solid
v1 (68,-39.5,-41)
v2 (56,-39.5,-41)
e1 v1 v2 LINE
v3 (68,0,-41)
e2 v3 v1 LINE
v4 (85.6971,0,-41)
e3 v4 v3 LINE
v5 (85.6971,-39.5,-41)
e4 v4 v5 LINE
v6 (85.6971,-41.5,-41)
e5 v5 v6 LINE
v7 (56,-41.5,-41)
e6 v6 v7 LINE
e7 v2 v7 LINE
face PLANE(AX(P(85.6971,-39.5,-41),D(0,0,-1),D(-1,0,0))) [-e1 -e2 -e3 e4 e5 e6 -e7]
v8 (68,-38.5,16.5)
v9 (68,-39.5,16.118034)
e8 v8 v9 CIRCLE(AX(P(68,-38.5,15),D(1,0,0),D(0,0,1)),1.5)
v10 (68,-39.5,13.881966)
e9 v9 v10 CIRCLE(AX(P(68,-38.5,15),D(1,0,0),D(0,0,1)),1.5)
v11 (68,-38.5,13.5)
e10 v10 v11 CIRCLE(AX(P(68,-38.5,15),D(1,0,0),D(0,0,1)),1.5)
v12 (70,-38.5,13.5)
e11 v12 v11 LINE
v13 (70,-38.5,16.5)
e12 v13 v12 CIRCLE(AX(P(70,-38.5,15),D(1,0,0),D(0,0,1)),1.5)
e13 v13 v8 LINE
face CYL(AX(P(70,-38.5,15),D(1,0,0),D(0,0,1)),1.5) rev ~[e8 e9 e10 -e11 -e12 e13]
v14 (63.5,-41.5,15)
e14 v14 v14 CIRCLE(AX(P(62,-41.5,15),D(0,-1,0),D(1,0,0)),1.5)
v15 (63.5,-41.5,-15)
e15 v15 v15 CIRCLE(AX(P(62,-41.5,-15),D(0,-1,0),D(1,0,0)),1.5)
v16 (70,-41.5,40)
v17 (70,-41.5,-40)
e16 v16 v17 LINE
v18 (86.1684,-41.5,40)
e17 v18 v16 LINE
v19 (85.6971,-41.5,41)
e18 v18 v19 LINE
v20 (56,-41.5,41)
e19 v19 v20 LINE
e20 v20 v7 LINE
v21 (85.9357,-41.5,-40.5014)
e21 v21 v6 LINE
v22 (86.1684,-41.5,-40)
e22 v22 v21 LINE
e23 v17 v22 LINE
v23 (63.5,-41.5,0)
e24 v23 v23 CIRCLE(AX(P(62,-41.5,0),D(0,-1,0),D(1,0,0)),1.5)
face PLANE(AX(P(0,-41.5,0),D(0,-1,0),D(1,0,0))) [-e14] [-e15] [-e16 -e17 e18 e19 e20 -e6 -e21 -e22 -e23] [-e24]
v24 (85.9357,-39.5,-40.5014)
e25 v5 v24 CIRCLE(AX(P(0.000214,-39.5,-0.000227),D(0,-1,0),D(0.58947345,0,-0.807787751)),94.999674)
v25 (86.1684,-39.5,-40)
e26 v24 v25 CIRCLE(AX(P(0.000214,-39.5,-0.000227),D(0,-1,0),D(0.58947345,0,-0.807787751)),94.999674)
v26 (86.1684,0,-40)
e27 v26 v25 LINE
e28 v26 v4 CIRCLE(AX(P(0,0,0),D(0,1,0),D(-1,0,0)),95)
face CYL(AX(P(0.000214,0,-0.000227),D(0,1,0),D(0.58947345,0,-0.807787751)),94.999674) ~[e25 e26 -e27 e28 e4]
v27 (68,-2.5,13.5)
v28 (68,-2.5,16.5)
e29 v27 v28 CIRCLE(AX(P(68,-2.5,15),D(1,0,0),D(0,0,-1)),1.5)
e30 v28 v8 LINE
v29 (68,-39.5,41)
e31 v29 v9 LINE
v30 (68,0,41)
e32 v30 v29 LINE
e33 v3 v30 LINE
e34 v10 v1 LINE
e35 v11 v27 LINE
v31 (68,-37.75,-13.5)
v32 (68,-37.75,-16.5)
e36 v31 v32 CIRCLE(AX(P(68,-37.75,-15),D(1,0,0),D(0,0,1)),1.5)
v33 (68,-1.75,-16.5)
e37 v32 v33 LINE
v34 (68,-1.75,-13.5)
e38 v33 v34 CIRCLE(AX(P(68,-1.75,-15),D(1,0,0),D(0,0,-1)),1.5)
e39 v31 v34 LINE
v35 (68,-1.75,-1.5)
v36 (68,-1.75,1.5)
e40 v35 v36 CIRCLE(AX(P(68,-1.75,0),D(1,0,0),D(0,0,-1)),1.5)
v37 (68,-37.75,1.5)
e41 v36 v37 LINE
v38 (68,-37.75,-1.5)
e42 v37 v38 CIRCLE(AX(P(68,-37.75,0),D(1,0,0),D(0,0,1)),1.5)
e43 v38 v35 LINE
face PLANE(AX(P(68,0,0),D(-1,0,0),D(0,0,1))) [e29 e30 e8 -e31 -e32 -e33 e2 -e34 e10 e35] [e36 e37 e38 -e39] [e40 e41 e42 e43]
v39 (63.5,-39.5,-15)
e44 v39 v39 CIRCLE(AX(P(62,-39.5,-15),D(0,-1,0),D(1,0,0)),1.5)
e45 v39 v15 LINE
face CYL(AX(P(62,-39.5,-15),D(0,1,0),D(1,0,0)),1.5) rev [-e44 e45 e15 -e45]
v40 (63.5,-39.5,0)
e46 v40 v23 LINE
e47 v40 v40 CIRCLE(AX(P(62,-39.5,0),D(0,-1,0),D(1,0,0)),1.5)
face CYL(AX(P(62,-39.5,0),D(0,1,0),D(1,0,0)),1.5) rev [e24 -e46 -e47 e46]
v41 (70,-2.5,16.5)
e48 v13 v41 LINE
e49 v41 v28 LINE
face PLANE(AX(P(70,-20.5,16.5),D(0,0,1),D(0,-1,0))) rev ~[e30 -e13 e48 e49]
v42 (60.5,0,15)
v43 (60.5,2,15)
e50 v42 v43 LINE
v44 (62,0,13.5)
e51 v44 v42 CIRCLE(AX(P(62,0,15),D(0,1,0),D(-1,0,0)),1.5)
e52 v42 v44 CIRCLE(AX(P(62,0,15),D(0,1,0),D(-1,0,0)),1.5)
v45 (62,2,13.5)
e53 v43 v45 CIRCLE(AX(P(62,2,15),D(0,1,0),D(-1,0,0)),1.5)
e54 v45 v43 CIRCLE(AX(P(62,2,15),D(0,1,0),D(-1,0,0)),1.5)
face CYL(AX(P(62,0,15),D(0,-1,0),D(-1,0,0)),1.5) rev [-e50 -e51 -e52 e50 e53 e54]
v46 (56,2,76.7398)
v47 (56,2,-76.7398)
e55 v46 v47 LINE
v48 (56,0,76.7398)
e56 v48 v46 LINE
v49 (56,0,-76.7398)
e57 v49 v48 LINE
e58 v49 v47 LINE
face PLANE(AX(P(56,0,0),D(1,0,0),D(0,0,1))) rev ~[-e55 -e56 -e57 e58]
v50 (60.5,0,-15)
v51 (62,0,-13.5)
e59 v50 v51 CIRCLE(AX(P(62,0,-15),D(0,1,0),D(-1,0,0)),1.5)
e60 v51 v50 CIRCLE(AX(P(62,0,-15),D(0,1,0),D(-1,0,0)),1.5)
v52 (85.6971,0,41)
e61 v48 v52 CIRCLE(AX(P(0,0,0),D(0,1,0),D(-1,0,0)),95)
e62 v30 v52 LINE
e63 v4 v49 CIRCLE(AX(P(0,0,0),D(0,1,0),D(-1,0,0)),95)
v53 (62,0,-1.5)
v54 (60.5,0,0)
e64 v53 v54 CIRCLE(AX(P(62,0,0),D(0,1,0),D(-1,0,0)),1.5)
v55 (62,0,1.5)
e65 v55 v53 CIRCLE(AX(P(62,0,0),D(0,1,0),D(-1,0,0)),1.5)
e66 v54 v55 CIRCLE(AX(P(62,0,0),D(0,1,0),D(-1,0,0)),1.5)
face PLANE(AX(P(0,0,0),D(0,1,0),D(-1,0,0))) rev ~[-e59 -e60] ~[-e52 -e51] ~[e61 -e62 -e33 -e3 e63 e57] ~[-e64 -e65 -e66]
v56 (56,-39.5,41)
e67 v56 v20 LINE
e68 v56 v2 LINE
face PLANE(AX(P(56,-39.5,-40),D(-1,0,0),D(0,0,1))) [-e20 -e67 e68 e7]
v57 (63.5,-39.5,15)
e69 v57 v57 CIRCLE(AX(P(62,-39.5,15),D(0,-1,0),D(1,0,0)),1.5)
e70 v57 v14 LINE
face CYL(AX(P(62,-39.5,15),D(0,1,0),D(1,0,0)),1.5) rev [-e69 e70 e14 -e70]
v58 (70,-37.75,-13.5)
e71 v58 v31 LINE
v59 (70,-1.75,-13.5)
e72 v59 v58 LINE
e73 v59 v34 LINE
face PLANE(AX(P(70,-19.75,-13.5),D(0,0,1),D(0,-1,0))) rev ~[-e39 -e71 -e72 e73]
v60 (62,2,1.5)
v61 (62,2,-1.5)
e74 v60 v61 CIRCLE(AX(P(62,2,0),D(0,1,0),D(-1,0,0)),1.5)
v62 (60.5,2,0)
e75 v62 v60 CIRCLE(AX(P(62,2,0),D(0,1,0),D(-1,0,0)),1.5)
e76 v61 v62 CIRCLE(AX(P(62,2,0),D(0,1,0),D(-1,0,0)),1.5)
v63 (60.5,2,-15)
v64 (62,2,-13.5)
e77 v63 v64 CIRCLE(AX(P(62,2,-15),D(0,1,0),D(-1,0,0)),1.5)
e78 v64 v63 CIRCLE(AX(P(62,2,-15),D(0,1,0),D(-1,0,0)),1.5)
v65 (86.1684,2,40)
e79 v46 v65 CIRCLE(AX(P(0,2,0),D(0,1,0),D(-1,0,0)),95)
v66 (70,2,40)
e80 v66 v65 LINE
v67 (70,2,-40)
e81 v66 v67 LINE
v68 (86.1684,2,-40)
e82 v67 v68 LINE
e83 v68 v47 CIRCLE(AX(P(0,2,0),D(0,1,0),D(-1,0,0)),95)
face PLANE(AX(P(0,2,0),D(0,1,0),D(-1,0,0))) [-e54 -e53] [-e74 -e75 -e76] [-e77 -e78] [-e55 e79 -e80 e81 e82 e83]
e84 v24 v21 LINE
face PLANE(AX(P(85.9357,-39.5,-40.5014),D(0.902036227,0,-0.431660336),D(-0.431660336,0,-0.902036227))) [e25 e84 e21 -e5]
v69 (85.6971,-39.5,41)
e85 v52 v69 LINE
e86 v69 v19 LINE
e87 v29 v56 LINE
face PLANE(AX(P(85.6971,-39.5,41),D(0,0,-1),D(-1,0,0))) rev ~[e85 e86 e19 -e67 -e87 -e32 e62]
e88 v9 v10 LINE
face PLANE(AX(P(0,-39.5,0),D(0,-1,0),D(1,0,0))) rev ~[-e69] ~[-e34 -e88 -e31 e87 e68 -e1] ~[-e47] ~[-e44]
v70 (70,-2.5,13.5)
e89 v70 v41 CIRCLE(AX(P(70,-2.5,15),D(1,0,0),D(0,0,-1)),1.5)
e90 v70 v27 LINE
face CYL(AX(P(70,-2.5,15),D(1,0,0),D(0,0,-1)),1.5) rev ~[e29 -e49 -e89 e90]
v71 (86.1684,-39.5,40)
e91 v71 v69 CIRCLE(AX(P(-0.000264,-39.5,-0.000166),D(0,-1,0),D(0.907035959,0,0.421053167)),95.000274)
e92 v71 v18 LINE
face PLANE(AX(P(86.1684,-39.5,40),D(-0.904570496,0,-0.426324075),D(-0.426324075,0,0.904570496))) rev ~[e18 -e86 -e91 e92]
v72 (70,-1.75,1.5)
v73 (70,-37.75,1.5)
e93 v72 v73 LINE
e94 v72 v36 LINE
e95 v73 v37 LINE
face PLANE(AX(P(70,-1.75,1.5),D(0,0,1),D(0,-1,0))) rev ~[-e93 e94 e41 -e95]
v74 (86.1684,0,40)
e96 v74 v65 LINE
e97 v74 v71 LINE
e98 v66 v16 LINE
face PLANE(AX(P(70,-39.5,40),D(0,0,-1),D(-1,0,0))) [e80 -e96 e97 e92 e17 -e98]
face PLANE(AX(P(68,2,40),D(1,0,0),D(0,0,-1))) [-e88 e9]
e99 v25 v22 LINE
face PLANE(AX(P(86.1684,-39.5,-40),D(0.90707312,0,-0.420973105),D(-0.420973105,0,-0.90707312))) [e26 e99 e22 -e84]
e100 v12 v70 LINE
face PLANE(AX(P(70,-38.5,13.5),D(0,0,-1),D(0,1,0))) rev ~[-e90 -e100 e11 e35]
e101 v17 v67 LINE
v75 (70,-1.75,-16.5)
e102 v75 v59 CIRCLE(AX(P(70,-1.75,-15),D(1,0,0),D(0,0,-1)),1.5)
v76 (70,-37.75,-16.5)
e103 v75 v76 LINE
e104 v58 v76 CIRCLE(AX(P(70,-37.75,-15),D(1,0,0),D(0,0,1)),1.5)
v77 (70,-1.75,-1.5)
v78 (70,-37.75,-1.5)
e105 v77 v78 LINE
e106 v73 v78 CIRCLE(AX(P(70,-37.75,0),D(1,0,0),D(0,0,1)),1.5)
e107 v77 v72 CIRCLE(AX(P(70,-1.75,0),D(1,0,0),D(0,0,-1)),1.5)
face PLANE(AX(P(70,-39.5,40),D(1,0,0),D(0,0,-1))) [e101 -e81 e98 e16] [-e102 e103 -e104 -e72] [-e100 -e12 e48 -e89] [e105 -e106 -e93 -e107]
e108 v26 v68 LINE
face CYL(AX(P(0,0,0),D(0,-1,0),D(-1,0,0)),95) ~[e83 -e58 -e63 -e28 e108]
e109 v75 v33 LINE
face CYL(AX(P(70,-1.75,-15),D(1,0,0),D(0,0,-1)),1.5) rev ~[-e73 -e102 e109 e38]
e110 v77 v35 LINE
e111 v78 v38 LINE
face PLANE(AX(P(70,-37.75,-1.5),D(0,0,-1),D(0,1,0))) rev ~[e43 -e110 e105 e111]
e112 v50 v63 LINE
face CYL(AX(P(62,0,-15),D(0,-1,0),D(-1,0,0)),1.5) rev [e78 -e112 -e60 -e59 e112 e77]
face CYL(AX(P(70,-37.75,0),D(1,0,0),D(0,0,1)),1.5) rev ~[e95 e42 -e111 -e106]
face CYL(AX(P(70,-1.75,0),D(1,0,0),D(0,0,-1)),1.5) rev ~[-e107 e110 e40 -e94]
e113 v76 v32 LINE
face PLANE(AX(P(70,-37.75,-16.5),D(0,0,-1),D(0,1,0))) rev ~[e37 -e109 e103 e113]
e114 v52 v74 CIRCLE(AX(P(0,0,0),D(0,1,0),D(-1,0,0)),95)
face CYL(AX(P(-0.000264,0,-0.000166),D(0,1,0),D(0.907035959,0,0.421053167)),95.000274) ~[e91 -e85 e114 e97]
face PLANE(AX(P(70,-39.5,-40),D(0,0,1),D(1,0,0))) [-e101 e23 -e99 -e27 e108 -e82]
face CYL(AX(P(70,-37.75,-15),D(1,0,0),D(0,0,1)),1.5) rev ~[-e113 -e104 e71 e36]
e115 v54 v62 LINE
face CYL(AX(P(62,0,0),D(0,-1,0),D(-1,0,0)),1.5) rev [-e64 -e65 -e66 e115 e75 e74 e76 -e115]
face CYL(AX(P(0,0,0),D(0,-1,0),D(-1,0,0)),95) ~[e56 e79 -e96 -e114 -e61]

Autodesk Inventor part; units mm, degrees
ref_plane "YZ Plane" through (0, 0, 0) normal (1, 0, 0) x (0, 1, 0)
ref_plane "XZ Plane" through (0, 0, 0) normal (0, 1, 0) x (-1, 0, 0)
ref_plane "XY Plane" through (0, 0, 0) normal (0, 0, 1) x (1, 0, 0)
sketch "Sketch3" plane through (0, 0, 0) normal (0, 1, 0) x (-1, 0, 0)
  circle A0 centre (0, 0) radius 95
  line L0 (-68, 0) -> (-68, -40)
  line L1 (-68, 0) -> (-68, 40)
  line L2 (-68, 40) -> (-86.1684, 40)
  line L3 (-68, -40) -> (-86.1684, -40)
  line L4 (-56, 0) -> (-56, -76.7398)
  line L5 (-56, 0) -> (-56, 76.7398)
  line L6 (-62, 0) -> (-62, -15)
  line L7 (-62, 0) -> (-62, 15)
  circle A1 centre (-62, 15) radius 1.5
  circle A2 centre (-62, 0) radius 1.5
  circle A3 centre (-62, -15) radius 1.5
  line L8 (-68, 0) -> (-70, 0)
  line L9 (-70, 0) -> (-70, -40)
  line L10 (-70, 0) -> (-70, 40)
  dimension "d1" = 68
  dimension "d2" = 40
  dimension "d3" = 40
  dimension "d4" = 12
  dimension "d5" = 6
  dimension "d6" = 15
  dimension "d7" = 15
  dimension "d8" = 3
  dimension "d9" = 3
  dimension "d10" = 3
  dimension "d11" = 2
extrude "Extrusion1" add sketch "Sketch3" along normal blind 2 contours L5 L4 A0 L3 L0 L1 L2 | L2 L1 L8 L10 | L9 L8 L0 L3
sketch "Sketch4" plane through (0, 0, 0) normal (0, -1, 0) x (1, 0, 0)
  line L0 (70, 40) -> (70, -40) projected
  line L1 (70, 0) -> (68, 0)
  line L2 (68, 0) -> (68, -40)
  line L3 (70, -41) -> (85.6971, -41)
  arc A0 (56, -76.7398) -> (86.1684, -40) centre (0, 0) ccw projected
  line L4 (68, -40) -> (68, -41)
  line L5 (70, -41) -> (68, -41)
  line L6 (85.6971, -41) -> (86.1684, -40)
  line L7 (70, -40) -> (86.1684, -40) projected
  line L8 (70, -40) -> (86.1684, -40)
  line L9 (70, -40) -> (70, 40)
  line L10 (86.1684, 40) -> (70, 40) projected
  line L11 (86.1684, 40) -> (70, 40)
  line L12 (68, 0) -> (68, 40)
  line L13 (70, 41) -> (85.6971, 41)
  arc A1 (86.1684, 40) -> (56, 76.7398) centre (0, 0) ccw projected
  line L14 (70, 41) -> (68, 41)
  line L15 (68, 40) -> (68, 41)
  line L16 (85.6971, 41) -> (86.1684, 40)
  dimension "d14" = 2
  dimension "d15" = 1
extrude "Extrusion2" add sketch "Sketch4" along normal blind 39.5
sketch "Sketch5" plane through (0, -39.5, 0) normal (0, -1, 0) x (1, 0, 0)
  point P0 (0, 0)
sketch "Sketch6" plane through (0, -39.5, 0) normal (0, -1, 0) x (1, 0, 0)
  circle A0 centre (62, 15) radius 1.5 projected
  circle A1 centre (62, 15) radius 1.5
  circle A2 centre (62, 0) radius 1.5
  circle A3 centre (62, -15) radius 1.5 projected
  circle A4 centre (62, -15) radius 1.5
  line L0 (70, 40) -> (56, 40)
  line L1 (70, -40) -> (86.1684, -40) projected
  line L2 (70, -40) -> (56, -40)
  line L3 (56, -40) -> (56, 40)
  line L4 (70, 40) -> (70, -40) projected
  line L5 (70, 40) -> (70, -40)
  line L6 (86.1684, 40) -> (70, 40) projected
  line L7 (86.1684, 40) -> (70, 40)
  line L8 (70, -40) -> (86.1684, -40)
  line L9 (86.1684, 40) -> (85.6971, 41)
  arc A5 (86.1684, 40) -> (85.6971, 41) centre (0, 0) ccw projected
  line L10 (56, 40) -> (56, 41)
  line L11 (85.6971, 41) -> (56, 41)
  line L12 (56, -40) -> (56, -41)
  line L13 (86.1684, -40) -> (85.9357, -40.5014)
  line L14 (85.6971, -41) -> (56, -41)
  line L15 (85.9357, -40.5014) -> (85.6971, -41)
  arc A6 (56, -76.7398) -> (86.1684, -40) centre (0, 0) ccw projected
extrude "Extrusion3" add sketch "Sketch6" along normal blind 2 contours L4 L2 L3 L0
extrude "Extrusion5" add sketch "Sketch6" along normal blind 2 contours L0 L10 L11 L9 L6 | L1 L13 L15 L14 L12 L2
sketch "Sketch7" plane through (70, 2, 40) normal (1, 0, 0) x (0, 0, -1)
  line L0 (0, -2) -> (0, -43.5) projected
  line L1 (80, -2) -> (80, -41.5) projected
  line L2 (80, -21.75) -> (55, -21.75)
  line L3 (55, -21.75) -> (40, -21.75)
  line L4 (40, -21.75) -> (40, -3.75)
  line L5 (40, -21.75) -> (40, -39.75)
  line L6 (55, -21.75) -> (55, -3.75)
  line L7 (55, -21.75) -> (55, -39.75)
  line L8 (0, 0) -> (80, 0) projected
  line L9 (0, -22.5) -> (25, -22.5)
  line L10 (25, -22.5) -> (25, -4.5)
  line L11 (25, -22.5) -> (25, -40.5)
  line L12 (25, -4.5) -> (25, -40.5) construction
  line L13 (23.5, -4.5) -> (23.5, -40.5)
  line L14 (26.5, -40.5) -> (26.5, -4.5)
  arc A0 (26.5, -4.5) -> (23.5, -4.5) centre (25, -4.5) ccw
  arc A1 (23.5, -40.5) -> (26.5, -40.5) centre (25, -40.5) ccw
  line L15 (40, -3.75) -> (40, -39.75) construction
  line L16 (38.5, -3.75) -> (38.5, -39.75)
  line L17 (41.5, -39.75) -> (41.5, -3.75)
  arc A2 (41.5, -3.75) -> (38.5, -3.75) centre (40, -3.75) ccw
  arc A3 (38.5, -39.75) -> (41.5, -39.75) centre (40, -39.75) ccw
  line L18 (55, -39.75) -> (55, -3.75) construction
  line L19 (56.5, -39.75) -> (56.5, -3.75)
  line L20 (53.5, -3.75) -> (53.5, -39.75)
  arc A4 (53.5, -39.75) -> (56.5, -39.75) centre (55, -39.75) ccw
  arc A5 (56.5, -3.75) -> (53.5, -3.75) centre (55, -3.75) ccw
  point P0 (40, -2)
  point P1 (40, -21.75)
  dimension "d26" = 25
  dimension "d27" = 15
  dimension "d28" = 18
  dimension "d29" = 18
  dimension "d30" = 18
  dimension "d31" = 18
  dimension "d35" = 21.75
  dimension "d36" = 25
  dimension "d37" = 18
  dimension "d38" = 18
  dimension "d39" = 3
  dimension "d40" = 3
  dimension "d41" = 3
extrude "Extrusion6" cut sketch "Sketch7" against normal blind 2
properties part number "Base-Dribler"
